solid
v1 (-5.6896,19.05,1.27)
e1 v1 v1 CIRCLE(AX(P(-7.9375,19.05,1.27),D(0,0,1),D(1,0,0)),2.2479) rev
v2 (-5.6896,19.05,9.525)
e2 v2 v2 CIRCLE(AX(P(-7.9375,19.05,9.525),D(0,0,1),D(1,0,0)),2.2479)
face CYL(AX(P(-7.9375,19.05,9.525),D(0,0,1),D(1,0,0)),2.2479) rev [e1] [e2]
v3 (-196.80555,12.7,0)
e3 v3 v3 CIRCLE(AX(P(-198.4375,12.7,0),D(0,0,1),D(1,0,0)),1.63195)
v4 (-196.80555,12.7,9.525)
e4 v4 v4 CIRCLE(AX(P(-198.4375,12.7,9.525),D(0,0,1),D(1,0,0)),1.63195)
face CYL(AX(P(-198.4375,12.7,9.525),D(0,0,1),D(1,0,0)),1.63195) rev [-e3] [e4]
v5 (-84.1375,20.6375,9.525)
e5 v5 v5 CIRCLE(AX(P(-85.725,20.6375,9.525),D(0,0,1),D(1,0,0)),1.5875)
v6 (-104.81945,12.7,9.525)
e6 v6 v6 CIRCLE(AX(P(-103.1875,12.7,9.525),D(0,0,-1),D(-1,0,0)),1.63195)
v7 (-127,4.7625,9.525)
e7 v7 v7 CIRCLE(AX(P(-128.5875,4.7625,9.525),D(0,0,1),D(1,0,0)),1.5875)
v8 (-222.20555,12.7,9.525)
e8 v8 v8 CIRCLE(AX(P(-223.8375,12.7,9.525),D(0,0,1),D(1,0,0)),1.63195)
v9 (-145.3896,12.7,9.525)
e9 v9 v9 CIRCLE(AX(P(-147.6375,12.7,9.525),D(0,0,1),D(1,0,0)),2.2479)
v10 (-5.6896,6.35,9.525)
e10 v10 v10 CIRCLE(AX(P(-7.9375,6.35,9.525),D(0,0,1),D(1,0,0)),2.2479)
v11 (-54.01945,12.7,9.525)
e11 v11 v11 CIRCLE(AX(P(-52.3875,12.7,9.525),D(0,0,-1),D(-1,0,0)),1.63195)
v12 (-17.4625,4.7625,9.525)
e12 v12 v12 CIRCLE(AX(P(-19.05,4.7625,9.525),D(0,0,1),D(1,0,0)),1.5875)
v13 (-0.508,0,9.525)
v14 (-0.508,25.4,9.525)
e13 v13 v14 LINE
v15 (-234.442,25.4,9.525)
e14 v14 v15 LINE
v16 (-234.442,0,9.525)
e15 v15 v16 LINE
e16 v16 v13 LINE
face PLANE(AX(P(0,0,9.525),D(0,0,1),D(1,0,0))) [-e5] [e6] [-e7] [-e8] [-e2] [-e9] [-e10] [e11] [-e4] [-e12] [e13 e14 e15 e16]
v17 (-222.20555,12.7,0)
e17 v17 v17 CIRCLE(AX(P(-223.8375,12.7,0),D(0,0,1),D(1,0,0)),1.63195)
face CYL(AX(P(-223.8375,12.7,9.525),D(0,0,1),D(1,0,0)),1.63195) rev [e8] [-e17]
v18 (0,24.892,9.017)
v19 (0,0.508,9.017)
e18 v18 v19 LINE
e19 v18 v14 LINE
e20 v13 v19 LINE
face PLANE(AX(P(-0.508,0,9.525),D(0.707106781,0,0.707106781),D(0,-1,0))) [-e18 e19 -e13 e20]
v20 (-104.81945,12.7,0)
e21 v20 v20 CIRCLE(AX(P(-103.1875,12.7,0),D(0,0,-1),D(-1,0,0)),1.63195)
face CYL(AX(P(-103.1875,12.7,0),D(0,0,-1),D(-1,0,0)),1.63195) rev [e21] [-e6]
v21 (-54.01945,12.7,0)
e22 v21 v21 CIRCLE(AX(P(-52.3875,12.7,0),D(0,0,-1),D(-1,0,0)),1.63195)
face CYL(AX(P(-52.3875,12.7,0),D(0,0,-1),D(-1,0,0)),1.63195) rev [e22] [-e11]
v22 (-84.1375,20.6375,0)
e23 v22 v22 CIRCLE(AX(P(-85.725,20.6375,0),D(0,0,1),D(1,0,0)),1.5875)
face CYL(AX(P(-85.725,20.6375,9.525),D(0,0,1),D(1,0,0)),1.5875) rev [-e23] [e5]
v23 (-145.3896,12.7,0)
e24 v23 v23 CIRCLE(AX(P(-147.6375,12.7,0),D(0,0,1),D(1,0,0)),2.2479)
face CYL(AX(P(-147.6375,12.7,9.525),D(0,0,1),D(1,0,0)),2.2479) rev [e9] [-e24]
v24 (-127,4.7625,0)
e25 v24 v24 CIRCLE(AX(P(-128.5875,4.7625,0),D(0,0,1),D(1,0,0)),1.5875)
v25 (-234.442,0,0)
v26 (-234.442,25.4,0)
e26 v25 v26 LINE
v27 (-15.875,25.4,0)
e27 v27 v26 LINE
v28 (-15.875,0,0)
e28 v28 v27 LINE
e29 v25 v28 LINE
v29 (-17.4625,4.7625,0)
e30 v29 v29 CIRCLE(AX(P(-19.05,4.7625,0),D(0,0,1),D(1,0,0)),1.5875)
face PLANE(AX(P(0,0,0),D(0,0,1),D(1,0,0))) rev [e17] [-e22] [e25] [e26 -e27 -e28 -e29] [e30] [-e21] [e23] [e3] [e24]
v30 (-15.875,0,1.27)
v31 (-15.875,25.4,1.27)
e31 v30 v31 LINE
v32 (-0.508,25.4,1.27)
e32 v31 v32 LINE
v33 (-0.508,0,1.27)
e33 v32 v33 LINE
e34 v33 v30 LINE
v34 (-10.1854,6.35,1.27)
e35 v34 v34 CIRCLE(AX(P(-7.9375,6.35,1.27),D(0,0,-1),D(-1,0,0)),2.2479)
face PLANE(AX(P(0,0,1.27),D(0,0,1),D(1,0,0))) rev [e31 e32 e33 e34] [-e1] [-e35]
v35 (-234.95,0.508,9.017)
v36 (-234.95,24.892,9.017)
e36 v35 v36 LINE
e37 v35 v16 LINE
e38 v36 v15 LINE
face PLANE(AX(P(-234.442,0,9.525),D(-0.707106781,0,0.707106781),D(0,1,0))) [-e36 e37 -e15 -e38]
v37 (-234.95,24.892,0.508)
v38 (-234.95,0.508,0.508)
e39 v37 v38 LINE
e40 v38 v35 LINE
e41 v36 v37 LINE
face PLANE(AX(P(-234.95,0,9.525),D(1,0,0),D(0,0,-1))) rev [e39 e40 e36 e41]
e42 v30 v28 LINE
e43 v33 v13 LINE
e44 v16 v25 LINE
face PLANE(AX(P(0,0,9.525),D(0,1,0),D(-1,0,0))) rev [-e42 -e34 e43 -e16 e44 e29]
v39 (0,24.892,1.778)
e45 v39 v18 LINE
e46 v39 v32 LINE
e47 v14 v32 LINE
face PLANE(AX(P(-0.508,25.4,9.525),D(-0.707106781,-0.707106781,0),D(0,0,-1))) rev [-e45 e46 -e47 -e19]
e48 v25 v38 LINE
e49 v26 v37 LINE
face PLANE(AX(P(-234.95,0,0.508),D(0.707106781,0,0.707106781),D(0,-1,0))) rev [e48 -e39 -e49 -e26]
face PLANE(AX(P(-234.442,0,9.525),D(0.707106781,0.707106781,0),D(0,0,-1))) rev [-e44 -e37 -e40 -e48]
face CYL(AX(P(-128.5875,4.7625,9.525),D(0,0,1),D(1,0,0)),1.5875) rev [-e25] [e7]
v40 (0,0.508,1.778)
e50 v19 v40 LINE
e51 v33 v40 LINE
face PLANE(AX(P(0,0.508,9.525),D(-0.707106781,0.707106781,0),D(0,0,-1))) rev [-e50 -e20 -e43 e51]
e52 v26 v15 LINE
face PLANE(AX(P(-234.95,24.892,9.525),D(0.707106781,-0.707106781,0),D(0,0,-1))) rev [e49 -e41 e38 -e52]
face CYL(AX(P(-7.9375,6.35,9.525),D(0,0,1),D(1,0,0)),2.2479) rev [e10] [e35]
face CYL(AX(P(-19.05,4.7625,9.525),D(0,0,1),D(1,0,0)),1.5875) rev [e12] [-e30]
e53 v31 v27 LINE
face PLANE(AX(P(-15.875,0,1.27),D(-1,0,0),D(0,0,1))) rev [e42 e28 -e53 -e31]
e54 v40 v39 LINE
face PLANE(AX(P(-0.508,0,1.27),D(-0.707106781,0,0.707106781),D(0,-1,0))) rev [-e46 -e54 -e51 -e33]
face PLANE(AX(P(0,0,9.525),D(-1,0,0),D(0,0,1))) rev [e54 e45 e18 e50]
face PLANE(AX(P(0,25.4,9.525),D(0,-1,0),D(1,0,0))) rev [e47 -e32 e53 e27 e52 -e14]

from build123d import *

# Parameters (mm, degrees)
SKETCH1_W                        = 234.95
SKETCH1_H                        = 25.4
BOSS_EXTRUDE1_DEPTH              = 9.525
F_8_CLEARANCE_HOLE1_D            = 4.4958
F_8_CLEARANCE_HOLE1_DEPTH        = 25.4
F_8_CLEARANCE_HOLE1_TIP          = 1.350674586
F_8_CLEARANCE_HOLE2_D            = 4.4958
F_8_CLEARANCE_HOLE2_DEPTH        = 19.05
F_8_CLEARANCE_HOLE2_TIP          = 1.350674586
F_4_CLEARANCE_HOLE3_D            = 3.2639
F_4_CLEARANCE_HOLE2_D            = 3.2639
F_4_CLEARANCE_HOLE2_DEPTH        = 9.525
F_1_8_0_125_DIAMETER_HOLE1_D     = 3.175
F_1_8_0_125_DIAMETER_HOLE1_DEPTH = 9.525
SKETCH18_W                       = 15.875
SKETCH18_H                       = 25.4
SKETCH18_R                       = 2.2479
CUT_EXTRUDE1_DEPTH               = 1.27
CHAMFER1_SIZE                    = 0.508


with BuildPart() as part:
    # Sketch1 → Boss-Extrude1 (new body)
    with BuildSketch(Plane.XY):
        with Locations((-117.475, 12.7)):
            Rectangle(SKETCH1_W, SKETCH1_H)
    extrude(amount=BOSS_EXTRUDE1_DEPTH)

    # #8 Clearance Hole1
    with Locations(Plane.XY.offset(9.525)):
        with Locations((-7.9375, 6.35), (-7.9375, 19.05)):
            Hole(F_8_CLEARANCE_HOLE1_D / 2, depth=F_8_CLEARANCE_HOLE1_DEPTH)
            with Locations((0, 0, -(F_8_CLEARANCE_HOLE1_DEPTH + F_8_CLEARANCE_HOLE1_TIP / 2))):  # 118° drill point
                Cone(0, F_8_CLEARANCE_HOLE1_D / 2, F_8_CLEARANCE_HOLE1_TIP, mode=Mode.SUBTRACT)

    # #8 Clearance Hole2
    with Locations(Plane.XY.offset(9.525)):
        with Locations((-147.6375, 12.7)):
            Hole(F_8_CLEARANCE_HOLE2_D / 2, depth=F_8_CLEARANCE_HOLE2_DEPTH)
            with Locations((0, 0, -(F_8_CLEARANCE_HOLE2_DEPTH + F_8_CLEARANCE_HOLE2_TIP / 2))):  # 118° drill point
                Cone(0, F_8_CLEARANCE_HOLE2_D / 2, F_8_CLEARANCE_HOLE2_TIP, mode=Mode.SUBTRACT)

    # #4 Clearance Hole3 (through all)
    with Locations(Plane(origin=(0, 0, 0), x_dir=(-1, 0, 0), z_dir=(0, 0, -1))):
        with Locations((103.1875, 12.7), (52.3875, 12.7)):
            Hole(F_4_CLEARANCE_HOLE3_D / 2)

    # #4 Clearance Hole2
    with Locations(Plane.XY.offset(9.525)):
        with Locations((-223.8375, 12.7), (-198.4375, 12.7)):
            Hole(F_4_CLEARANCE_HOLE2_D / 2, depth=F_4_CLEARANCE_HOLE2_DEPTH)

    # 1/8 (0.125) Diameter Hole1
    with Locations(Plane.XY.offset(9.525)):
        with Locations((-19.05, 4.7625), (-85.725, 20.6375), (-128.5875, 4.7625)):
            Hole(F_1_8_0_125_DIAMETER_HOLE1_D / 2, depth=F_1_8_0_125_DIAMETER_HOLE1_DEPTH)

    # Sketch18 → Cut-Extrude1 (cut)
    with BuildSketch(Plane(origin=(0, 0, 0), x_dir=(-1, 0, 0), z_dir=(0, 0, -1))):
        with Locations((7.9375, 12.7)):
            Rectangle(SKETCH18_W, SKETCH18_H)
        with Locations((7.9375, 6.35)):
            Circle(SKETCH18_R, mode=Mode.SUBTRACT)
    extrude(amount=-CUT_EXTRUDE1_DEPTH, mode=Mode.SUBTRACT)

    # Chamfer1
    chamfer1_edges = [part.edges().sort_by_distance(p)[0] for p in [
        (-234.95, 12.7, 9.525),
        (0, 12.7, 9.525),
        (-234.95, 12.7, 0),
        (0, 0, 5.3975),
        (-234.95, 0, 4.7625),
        (-234.95, 25.4, 4.7625),
        (0, 25.4, 5.3975),
        (0, 12.7, 1.27),
    ]]
    chamfer(chamfer1_edges, length=CHAMFER1_SIZE)


solid = part.part
